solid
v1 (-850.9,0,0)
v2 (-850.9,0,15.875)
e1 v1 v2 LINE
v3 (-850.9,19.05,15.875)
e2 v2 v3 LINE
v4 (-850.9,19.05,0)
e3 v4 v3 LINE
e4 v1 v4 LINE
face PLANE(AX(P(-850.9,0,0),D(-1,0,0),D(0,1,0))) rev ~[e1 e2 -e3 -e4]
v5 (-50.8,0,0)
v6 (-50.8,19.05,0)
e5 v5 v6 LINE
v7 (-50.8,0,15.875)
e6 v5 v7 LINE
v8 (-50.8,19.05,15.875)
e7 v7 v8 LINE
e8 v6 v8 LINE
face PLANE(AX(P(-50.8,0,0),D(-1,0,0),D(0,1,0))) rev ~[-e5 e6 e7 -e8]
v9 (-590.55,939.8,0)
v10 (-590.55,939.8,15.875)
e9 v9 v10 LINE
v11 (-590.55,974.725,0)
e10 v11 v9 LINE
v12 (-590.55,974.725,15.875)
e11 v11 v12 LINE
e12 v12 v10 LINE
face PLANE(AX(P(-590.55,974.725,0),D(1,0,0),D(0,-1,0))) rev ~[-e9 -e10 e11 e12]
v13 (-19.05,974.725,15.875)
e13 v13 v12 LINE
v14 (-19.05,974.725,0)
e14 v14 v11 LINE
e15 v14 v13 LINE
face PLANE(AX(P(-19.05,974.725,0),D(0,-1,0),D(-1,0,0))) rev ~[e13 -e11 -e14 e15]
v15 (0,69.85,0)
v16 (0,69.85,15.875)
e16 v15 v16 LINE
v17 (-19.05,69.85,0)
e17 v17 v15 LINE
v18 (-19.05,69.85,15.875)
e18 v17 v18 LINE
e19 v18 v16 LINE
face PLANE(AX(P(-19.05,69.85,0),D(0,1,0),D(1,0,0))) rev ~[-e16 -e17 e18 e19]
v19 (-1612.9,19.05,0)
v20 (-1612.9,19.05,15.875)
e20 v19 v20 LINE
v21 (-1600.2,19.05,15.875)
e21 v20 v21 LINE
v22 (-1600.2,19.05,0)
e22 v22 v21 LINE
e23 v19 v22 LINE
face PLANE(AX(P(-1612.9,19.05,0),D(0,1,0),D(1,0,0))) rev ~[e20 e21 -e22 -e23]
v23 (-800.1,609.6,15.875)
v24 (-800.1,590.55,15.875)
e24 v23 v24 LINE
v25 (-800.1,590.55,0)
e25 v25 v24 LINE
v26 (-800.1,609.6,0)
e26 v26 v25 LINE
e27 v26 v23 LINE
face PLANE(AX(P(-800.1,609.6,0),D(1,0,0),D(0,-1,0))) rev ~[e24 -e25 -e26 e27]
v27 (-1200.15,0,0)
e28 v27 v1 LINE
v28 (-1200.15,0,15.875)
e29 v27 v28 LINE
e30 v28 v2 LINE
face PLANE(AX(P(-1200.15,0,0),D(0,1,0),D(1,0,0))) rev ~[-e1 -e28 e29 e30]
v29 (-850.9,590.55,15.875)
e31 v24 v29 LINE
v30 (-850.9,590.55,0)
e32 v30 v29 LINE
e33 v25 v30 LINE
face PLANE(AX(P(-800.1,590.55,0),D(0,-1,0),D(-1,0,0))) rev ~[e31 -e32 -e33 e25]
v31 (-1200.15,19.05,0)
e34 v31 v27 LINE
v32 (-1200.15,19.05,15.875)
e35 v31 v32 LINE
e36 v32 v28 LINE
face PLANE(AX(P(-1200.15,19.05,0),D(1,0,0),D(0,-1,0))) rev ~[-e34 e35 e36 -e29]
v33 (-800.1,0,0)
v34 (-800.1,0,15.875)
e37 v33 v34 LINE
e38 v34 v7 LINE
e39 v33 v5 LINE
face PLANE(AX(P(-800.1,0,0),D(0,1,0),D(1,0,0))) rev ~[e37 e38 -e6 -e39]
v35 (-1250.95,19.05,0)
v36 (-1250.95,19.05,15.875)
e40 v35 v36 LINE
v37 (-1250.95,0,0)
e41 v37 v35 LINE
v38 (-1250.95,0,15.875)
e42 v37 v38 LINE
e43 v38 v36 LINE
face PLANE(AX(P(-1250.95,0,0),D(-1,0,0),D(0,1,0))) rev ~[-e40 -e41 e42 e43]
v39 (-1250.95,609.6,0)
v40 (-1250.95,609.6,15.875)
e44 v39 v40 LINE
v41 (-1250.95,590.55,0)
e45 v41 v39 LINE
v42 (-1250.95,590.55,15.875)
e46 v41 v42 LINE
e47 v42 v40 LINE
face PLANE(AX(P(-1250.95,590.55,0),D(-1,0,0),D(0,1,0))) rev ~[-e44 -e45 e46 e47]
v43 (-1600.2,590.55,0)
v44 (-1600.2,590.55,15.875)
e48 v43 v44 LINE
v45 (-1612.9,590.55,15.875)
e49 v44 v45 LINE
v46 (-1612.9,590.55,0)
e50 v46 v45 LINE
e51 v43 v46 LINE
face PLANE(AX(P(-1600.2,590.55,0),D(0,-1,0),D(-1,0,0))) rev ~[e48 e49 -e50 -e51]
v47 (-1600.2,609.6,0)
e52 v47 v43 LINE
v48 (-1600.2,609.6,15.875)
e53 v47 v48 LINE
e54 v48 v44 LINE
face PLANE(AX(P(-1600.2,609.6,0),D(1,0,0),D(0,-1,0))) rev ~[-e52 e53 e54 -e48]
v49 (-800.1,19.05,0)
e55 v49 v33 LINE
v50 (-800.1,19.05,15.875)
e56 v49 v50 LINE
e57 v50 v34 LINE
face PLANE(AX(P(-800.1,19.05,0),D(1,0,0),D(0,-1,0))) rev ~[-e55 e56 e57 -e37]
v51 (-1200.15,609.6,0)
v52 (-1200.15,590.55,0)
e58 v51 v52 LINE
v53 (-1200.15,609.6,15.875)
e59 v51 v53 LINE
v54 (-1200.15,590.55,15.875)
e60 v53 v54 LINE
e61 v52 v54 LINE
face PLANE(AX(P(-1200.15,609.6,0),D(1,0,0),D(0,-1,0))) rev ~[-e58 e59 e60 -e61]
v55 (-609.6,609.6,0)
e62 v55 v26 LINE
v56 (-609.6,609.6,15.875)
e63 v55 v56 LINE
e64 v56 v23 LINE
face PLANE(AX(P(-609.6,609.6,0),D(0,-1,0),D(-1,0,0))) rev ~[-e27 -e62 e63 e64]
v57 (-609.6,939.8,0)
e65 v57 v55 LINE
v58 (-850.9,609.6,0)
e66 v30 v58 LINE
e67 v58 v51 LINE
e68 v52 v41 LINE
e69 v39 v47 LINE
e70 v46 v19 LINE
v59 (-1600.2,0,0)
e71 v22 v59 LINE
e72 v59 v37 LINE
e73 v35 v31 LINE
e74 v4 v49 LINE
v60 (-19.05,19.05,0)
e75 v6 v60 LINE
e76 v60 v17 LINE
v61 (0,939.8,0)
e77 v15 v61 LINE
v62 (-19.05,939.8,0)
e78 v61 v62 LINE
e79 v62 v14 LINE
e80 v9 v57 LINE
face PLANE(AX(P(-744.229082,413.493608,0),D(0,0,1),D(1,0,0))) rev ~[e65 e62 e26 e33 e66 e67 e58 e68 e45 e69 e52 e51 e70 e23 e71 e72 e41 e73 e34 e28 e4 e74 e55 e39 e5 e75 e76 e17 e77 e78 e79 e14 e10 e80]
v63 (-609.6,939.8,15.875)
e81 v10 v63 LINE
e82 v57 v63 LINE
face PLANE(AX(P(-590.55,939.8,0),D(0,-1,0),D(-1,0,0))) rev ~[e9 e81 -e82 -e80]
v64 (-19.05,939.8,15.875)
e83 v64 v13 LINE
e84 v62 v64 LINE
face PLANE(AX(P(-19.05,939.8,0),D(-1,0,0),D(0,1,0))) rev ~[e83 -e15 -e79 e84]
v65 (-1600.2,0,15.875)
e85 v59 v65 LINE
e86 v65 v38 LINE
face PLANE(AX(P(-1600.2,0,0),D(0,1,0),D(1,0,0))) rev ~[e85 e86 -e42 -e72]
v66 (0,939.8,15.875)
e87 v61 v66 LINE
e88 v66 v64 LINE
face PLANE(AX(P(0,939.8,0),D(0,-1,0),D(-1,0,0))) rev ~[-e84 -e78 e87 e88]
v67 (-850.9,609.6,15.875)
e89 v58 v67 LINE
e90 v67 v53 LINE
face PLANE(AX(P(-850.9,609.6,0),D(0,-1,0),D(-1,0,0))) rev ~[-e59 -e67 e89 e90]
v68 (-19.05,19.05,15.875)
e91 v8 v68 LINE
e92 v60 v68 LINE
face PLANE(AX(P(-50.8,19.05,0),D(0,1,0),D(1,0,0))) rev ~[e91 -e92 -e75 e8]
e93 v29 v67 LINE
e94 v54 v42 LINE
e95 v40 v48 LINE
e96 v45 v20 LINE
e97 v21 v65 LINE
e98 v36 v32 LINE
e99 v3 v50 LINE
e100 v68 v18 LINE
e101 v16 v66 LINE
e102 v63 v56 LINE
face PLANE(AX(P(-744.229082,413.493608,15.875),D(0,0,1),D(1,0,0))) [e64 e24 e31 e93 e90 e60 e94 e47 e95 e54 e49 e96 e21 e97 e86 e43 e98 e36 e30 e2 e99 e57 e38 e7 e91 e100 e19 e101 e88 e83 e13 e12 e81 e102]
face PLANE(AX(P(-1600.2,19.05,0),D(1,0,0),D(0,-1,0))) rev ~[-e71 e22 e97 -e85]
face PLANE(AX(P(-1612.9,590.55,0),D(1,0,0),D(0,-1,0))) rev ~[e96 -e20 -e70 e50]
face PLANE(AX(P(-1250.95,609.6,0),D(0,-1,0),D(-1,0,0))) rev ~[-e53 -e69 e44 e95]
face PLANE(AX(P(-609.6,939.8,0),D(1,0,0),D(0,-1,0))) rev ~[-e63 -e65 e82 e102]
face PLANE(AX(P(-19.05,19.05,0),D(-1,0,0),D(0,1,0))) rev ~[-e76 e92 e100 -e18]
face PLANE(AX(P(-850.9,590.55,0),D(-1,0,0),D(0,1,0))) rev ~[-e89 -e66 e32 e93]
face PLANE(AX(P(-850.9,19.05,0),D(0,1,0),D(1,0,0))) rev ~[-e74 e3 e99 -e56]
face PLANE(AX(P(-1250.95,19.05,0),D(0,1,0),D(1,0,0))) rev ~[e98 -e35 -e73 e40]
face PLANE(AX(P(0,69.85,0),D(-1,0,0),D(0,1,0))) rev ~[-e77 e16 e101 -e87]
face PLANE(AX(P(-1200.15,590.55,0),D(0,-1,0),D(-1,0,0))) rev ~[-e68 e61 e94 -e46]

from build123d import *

# Parameters (mm, degrees)
F1_DEPTH = 15.875


with BuildPart() as f1:
    # F0 (on Top) → F1 (new body)
    with BuildSketch(Plane.XY):
        Polygon((-800.1, 0), (-50.8, 0), (-50.8, 19.05), (-19.05, 19.05), (-19.05, 69.85), (0, 69.85), (0, 939.8), (-19.05, 939.8), (-19.05, 974.725), (-590.55, 974.725), (-590.55, 939.8), (-609.6, 939.8), (-609.6, 609.6), (-800.1, 609.6), (-800.1, 590.55), (-850.9, 590.55), (-850.9, 609.6), (-1200.15, 609.6), (-1200.15, 590.55), (-1250.95, 590.55), (-1250.95, 609.6), (-1600.2, 609.6), (-1600.2, 590.55), (-1612.9, 590.55), (-1612.9, 19.05), (-1600.2, 19.05), (-1600.2, 0), (-1250.95, 0), (-1250.95, 19.05), (-1200.15, 19.05), (-1200.15, 0), (-850.9, 0), (-850.9, 19.05), (-800.1, 19.05), align=None)
    extrude(amount=F1_DEPTH)


solid = f1.part
